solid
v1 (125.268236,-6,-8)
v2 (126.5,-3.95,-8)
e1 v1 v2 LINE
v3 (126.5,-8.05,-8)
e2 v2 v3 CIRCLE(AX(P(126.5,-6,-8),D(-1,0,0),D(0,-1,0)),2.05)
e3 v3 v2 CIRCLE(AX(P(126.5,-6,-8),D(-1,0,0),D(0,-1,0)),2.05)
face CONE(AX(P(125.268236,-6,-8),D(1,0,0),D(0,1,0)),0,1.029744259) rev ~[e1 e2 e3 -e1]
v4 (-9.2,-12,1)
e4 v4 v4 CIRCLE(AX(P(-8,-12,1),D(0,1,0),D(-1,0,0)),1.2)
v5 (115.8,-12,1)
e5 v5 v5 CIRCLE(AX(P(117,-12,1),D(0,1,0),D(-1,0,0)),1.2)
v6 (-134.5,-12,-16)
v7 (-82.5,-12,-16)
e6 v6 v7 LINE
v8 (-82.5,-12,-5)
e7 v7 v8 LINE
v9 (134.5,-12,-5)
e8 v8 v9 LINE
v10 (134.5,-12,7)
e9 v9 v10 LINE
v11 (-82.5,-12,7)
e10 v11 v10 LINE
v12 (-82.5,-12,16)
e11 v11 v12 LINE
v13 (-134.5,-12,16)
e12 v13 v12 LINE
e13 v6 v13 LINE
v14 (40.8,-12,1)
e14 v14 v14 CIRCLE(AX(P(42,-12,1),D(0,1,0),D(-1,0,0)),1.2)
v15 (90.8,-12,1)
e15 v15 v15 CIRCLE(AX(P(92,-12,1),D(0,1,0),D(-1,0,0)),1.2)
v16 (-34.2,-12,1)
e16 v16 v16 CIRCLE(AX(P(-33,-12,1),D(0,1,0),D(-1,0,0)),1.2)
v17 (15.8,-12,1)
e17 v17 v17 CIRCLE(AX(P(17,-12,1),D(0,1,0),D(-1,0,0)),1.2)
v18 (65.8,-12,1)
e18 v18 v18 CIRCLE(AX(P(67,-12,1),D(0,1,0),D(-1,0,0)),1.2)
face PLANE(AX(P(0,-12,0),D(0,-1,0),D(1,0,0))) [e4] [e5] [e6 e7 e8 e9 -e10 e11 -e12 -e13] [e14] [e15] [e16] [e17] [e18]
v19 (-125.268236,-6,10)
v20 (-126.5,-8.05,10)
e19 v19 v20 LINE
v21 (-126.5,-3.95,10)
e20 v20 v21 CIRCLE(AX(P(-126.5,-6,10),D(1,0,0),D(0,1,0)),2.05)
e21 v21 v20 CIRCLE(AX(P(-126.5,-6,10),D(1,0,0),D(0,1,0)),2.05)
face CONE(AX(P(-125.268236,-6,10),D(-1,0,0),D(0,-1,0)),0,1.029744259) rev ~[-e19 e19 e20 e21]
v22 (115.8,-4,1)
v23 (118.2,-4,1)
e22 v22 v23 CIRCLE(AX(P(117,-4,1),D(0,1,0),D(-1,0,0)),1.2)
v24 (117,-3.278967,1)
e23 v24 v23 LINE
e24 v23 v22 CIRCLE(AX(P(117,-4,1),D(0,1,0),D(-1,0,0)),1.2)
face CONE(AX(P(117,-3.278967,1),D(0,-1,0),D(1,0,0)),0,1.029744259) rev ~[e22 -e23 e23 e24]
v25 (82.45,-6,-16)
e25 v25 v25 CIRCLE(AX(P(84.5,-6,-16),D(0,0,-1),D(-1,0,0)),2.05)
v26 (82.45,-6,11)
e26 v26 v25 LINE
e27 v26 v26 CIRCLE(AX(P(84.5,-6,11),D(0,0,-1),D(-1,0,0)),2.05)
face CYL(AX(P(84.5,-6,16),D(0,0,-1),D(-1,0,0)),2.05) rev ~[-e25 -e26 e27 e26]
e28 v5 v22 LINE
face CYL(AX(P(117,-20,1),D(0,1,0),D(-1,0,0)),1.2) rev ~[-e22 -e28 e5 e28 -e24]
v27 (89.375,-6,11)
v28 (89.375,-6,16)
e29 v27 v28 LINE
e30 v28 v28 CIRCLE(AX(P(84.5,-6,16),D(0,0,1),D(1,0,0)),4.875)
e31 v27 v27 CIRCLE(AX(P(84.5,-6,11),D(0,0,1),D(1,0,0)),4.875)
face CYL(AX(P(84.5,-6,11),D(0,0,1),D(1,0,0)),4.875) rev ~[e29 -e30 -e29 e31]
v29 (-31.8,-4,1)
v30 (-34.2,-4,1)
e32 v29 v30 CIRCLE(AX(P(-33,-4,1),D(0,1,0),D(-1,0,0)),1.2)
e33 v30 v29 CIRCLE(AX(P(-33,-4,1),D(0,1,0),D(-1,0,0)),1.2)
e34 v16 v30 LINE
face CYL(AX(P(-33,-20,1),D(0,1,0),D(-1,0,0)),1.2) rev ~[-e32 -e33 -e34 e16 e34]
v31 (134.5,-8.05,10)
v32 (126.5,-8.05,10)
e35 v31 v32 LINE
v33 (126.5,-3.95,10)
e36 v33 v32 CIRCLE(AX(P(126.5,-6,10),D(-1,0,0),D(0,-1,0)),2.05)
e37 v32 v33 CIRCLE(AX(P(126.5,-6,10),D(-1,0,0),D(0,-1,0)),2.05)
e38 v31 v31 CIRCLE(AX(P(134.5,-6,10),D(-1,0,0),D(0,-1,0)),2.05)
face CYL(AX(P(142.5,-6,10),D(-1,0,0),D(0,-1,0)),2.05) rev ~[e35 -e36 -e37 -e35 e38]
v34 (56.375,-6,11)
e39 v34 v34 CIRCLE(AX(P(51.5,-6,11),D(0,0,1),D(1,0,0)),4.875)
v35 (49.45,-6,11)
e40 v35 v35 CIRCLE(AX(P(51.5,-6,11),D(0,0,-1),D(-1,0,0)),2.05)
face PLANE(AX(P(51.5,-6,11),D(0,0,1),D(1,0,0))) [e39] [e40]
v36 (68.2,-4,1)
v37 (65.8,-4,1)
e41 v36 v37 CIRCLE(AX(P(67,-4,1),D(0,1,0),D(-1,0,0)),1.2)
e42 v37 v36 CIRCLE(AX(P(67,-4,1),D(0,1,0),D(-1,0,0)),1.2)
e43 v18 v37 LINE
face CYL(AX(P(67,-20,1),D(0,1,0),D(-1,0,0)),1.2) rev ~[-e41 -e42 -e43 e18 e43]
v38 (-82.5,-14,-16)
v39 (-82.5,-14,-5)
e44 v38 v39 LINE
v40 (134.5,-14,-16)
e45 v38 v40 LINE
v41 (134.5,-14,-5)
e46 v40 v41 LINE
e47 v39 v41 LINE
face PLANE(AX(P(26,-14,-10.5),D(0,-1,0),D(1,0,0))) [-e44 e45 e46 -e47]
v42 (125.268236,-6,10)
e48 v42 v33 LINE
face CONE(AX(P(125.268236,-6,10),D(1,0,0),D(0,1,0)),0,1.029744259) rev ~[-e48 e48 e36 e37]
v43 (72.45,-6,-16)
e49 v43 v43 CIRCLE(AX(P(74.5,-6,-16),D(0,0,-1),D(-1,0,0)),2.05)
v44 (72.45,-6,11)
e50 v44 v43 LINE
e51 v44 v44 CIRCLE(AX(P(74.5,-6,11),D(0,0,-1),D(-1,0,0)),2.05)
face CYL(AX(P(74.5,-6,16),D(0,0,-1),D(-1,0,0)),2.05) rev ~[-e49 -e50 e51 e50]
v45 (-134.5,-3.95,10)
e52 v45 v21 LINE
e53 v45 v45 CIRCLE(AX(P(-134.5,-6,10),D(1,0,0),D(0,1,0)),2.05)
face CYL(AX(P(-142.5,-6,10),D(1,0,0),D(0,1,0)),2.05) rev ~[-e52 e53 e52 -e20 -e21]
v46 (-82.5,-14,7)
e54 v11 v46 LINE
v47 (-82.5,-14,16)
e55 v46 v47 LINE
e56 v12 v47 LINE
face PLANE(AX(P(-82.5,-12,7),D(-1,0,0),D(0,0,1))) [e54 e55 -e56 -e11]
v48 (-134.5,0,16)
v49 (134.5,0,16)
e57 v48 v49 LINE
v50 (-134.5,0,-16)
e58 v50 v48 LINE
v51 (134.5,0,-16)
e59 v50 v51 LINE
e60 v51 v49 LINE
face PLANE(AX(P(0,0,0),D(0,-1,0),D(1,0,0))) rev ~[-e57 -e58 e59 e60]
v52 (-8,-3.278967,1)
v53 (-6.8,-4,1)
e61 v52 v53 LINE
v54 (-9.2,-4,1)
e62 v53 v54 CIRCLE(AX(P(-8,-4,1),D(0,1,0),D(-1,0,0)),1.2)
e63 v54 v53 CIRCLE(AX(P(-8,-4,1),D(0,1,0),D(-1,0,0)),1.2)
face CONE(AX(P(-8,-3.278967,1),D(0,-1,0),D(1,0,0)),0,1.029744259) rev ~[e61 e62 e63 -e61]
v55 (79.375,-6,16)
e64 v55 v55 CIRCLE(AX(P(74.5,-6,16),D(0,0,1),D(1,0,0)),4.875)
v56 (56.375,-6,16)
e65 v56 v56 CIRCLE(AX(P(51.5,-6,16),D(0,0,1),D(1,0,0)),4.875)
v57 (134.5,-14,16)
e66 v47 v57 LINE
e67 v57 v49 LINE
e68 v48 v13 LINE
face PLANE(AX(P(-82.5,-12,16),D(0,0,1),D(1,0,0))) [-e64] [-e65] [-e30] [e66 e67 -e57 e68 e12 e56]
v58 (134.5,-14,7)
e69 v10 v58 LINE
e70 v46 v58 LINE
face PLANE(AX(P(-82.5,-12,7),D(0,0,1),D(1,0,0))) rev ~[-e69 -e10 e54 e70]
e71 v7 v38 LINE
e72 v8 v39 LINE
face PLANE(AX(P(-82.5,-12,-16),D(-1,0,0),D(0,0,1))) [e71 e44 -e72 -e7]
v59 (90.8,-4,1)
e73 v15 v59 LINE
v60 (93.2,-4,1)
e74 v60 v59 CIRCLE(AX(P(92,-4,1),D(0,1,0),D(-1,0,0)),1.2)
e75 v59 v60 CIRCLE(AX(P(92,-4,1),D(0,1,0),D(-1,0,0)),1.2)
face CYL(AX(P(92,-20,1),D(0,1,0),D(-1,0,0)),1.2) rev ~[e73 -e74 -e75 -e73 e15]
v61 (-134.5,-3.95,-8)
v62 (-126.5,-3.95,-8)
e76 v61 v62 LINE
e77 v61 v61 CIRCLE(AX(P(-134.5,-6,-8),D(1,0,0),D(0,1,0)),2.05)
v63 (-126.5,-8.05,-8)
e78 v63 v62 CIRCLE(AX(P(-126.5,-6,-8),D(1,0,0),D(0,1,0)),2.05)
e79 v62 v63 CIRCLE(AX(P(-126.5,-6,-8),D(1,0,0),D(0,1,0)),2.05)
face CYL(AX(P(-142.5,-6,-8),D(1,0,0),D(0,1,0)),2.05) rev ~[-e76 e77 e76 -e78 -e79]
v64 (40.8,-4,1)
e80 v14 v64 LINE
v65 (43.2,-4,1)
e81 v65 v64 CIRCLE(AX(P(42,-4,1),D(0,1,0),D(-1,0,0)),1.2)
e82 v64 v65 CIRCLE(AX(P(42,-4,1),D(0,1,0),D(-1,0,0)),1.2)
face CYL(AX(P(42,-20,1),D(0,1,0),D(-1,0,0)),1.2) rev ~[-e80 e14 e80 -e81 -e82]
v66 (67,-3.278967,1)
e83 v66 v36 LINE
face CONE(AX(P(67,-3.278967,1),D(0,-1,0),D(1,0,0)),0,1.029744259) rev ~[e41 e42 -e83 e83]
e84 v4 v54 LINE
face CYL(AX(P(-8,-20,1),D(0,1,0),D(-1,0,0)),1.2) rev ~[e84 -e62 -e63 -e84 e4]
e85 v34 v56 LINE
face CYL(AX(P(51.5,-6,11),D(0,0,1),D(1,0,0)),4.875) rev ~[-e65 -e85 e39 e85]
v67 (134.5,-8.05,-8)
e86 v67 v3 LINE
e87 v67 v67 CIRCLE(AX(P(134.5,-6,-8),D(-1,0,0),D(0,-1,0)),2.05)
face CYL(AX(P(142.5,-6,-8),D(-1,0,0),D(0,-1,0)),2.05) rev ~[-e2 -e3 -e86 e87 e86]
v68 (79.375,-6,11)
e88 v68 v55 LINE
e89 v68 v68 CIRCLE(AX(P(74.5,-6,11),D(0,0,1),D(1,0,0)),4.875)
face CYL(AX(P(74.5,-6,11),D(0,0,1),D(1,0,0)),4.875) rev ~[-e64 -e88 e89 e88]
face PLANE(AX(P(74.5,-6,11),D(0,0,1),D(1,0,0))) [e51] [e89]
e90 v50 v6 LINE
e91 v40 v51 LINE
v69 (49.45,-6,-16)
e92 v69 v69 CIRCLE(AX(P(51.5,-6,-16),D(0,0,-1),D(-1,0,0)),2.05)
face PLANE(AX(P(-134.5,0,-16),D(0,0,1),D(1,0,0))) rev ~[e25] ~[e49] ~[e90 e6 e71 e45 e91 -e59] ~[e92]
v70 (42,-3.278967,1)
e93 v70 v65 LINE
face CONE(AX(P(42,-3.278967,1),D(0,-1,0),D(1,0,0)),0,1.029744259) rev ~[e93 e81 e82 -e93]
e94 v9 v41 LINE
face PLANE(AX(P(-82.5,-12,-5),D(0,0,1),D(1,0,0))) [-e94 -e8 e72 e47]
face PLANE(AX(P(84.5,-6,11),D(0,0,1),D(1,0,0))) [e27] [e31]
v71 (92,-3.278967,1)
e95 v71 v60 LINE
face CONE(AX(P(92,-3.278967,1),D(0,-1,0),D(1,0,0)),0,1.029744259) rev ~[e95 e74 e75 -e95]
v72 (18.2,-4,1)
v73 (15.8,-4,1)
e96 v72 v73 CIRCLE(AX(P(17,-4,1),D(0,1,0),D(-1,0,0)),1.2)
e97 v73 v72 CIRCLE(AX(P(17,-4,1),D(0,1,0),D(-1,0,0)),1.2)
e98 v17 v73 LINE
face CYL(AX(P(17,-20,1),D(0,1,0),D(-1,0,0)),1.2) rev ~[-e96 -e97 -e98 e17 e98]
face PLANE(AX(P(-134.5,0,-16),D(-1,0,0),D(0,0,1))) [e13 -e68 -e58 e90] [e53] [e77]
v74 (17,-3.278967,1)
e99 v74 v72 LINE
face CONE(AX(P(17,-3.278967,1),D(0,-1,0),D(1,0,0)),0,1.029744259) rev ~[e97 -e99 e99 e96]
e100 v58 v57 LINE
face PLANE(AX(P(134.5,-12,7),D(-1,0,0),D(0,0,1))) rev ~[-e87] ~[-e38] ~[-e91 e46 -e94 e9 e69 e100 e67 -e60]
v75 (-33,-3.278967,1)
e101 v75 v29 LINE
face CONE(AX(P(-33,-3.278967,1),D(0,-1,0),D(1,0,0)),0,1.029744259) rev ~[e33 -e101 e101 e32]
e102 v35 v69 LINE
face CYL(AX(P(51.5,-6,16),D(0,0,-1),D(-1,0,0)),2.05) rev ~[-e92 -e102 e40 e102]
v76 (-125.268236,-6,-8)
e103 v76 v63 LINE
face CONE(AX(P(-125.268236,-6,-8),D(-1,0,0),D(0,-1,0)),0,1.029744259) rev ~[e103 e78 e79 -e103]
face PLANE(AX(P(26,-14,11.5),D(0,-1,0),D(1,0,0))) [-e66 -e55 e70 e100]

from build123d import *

# Parameters (mm, degrees)
F0_W            = 269
F0_H            = 32
F1_DEPTH        = 12
F2_W            = 217
F2_H            = 9
F2_H_2          = 11
F3_DEPTH        = 2
F5_D            = 2.4
F5_DEPTH        = 8
F5_TIP          = 0.7210327428
F7_D            = 4.1
F7_DEPTH        = 8
F7_TIP          = 1.231764269
F9_D            = 4.1
F9_DEPTH        = 8
F9_TIP          = 1.231764269
F11_D           = 4.1
F11_CBORE_D     = 9.75
F11_CBORE_DEPTH = 5


with BuildPart() as f1:
    # F0 (on Front) → F1 (new body)
    with BuildSketch(Plane.XZ):
        Rectangle(F0_W, F0_H)
    extrude(amount=F1_DEPTH)

    # F2 (on face) → F3 (join)
    with BuildSketch(Plane.XZ.offset(12)):
        with Locations((26, 11.5)):
            Rectangle(F2_W, F2_H)
        with Locations((26, -10.5)):
            Rectangle(F2_W, F2_H_2)
    extrude(amount=F3_DEPTH)

    # F5
    with Locations(Plane.XZ.offset(12)):
        with Locations((-33, 1), (-8, 1), (17, 1), (42, 1), (67, 1), (92, 1), (117, 1)):
            Hole(F5_D / 2, depth=F5_DEPTH)
            with Locations((0, 0, -(F5_DEPTH + F5_TIP / 2))):  # 118° drill point
                Cone(0, F5_D / 2, F5_TIP, mode=Mode.SUBTRACT)

    # F7
    with Locations(Plane.YZ.offset(134.5)):
        with Locations((-6, 10), (-6, -8)):
            Hole(F7_D / 2, depth=F7_DEPTH)
            with Locations((0, 0, -(F7_DEPTH + F7_TIP / 2))):  # 118° drill point
                Cone(0, F7_D / 2, F7_TIP, mode=Mode.SUBTRACT)

    # F9
    with Locations(Plane(origin=(-134.5, 0, 0), x_dir=(0, -1, 0), z_dir=(-1, 0, 0))):
        with Locations((6, 10), (6, -8)):
            Hole(F9_D / 2, depth=F9_DEPTH)
            with Locations((0, 0, -(F9_DEPTH + F9_TIP / 2))):  # 118° drill point
                Cone(0, F9_D / 2, F9_TIP, mode=Mode.SUBTRACT)

    # F11 (through all)
    with Locations(Plane.XY.offset(16)):
        with Locations((51.5, -6), (74.5, -6), (84.5, -6)):
            CounterBoreHole(F11_D / 2, F11_CBORE_D / 2, F11_CBORE_DEPTH)


solid = f1.part
